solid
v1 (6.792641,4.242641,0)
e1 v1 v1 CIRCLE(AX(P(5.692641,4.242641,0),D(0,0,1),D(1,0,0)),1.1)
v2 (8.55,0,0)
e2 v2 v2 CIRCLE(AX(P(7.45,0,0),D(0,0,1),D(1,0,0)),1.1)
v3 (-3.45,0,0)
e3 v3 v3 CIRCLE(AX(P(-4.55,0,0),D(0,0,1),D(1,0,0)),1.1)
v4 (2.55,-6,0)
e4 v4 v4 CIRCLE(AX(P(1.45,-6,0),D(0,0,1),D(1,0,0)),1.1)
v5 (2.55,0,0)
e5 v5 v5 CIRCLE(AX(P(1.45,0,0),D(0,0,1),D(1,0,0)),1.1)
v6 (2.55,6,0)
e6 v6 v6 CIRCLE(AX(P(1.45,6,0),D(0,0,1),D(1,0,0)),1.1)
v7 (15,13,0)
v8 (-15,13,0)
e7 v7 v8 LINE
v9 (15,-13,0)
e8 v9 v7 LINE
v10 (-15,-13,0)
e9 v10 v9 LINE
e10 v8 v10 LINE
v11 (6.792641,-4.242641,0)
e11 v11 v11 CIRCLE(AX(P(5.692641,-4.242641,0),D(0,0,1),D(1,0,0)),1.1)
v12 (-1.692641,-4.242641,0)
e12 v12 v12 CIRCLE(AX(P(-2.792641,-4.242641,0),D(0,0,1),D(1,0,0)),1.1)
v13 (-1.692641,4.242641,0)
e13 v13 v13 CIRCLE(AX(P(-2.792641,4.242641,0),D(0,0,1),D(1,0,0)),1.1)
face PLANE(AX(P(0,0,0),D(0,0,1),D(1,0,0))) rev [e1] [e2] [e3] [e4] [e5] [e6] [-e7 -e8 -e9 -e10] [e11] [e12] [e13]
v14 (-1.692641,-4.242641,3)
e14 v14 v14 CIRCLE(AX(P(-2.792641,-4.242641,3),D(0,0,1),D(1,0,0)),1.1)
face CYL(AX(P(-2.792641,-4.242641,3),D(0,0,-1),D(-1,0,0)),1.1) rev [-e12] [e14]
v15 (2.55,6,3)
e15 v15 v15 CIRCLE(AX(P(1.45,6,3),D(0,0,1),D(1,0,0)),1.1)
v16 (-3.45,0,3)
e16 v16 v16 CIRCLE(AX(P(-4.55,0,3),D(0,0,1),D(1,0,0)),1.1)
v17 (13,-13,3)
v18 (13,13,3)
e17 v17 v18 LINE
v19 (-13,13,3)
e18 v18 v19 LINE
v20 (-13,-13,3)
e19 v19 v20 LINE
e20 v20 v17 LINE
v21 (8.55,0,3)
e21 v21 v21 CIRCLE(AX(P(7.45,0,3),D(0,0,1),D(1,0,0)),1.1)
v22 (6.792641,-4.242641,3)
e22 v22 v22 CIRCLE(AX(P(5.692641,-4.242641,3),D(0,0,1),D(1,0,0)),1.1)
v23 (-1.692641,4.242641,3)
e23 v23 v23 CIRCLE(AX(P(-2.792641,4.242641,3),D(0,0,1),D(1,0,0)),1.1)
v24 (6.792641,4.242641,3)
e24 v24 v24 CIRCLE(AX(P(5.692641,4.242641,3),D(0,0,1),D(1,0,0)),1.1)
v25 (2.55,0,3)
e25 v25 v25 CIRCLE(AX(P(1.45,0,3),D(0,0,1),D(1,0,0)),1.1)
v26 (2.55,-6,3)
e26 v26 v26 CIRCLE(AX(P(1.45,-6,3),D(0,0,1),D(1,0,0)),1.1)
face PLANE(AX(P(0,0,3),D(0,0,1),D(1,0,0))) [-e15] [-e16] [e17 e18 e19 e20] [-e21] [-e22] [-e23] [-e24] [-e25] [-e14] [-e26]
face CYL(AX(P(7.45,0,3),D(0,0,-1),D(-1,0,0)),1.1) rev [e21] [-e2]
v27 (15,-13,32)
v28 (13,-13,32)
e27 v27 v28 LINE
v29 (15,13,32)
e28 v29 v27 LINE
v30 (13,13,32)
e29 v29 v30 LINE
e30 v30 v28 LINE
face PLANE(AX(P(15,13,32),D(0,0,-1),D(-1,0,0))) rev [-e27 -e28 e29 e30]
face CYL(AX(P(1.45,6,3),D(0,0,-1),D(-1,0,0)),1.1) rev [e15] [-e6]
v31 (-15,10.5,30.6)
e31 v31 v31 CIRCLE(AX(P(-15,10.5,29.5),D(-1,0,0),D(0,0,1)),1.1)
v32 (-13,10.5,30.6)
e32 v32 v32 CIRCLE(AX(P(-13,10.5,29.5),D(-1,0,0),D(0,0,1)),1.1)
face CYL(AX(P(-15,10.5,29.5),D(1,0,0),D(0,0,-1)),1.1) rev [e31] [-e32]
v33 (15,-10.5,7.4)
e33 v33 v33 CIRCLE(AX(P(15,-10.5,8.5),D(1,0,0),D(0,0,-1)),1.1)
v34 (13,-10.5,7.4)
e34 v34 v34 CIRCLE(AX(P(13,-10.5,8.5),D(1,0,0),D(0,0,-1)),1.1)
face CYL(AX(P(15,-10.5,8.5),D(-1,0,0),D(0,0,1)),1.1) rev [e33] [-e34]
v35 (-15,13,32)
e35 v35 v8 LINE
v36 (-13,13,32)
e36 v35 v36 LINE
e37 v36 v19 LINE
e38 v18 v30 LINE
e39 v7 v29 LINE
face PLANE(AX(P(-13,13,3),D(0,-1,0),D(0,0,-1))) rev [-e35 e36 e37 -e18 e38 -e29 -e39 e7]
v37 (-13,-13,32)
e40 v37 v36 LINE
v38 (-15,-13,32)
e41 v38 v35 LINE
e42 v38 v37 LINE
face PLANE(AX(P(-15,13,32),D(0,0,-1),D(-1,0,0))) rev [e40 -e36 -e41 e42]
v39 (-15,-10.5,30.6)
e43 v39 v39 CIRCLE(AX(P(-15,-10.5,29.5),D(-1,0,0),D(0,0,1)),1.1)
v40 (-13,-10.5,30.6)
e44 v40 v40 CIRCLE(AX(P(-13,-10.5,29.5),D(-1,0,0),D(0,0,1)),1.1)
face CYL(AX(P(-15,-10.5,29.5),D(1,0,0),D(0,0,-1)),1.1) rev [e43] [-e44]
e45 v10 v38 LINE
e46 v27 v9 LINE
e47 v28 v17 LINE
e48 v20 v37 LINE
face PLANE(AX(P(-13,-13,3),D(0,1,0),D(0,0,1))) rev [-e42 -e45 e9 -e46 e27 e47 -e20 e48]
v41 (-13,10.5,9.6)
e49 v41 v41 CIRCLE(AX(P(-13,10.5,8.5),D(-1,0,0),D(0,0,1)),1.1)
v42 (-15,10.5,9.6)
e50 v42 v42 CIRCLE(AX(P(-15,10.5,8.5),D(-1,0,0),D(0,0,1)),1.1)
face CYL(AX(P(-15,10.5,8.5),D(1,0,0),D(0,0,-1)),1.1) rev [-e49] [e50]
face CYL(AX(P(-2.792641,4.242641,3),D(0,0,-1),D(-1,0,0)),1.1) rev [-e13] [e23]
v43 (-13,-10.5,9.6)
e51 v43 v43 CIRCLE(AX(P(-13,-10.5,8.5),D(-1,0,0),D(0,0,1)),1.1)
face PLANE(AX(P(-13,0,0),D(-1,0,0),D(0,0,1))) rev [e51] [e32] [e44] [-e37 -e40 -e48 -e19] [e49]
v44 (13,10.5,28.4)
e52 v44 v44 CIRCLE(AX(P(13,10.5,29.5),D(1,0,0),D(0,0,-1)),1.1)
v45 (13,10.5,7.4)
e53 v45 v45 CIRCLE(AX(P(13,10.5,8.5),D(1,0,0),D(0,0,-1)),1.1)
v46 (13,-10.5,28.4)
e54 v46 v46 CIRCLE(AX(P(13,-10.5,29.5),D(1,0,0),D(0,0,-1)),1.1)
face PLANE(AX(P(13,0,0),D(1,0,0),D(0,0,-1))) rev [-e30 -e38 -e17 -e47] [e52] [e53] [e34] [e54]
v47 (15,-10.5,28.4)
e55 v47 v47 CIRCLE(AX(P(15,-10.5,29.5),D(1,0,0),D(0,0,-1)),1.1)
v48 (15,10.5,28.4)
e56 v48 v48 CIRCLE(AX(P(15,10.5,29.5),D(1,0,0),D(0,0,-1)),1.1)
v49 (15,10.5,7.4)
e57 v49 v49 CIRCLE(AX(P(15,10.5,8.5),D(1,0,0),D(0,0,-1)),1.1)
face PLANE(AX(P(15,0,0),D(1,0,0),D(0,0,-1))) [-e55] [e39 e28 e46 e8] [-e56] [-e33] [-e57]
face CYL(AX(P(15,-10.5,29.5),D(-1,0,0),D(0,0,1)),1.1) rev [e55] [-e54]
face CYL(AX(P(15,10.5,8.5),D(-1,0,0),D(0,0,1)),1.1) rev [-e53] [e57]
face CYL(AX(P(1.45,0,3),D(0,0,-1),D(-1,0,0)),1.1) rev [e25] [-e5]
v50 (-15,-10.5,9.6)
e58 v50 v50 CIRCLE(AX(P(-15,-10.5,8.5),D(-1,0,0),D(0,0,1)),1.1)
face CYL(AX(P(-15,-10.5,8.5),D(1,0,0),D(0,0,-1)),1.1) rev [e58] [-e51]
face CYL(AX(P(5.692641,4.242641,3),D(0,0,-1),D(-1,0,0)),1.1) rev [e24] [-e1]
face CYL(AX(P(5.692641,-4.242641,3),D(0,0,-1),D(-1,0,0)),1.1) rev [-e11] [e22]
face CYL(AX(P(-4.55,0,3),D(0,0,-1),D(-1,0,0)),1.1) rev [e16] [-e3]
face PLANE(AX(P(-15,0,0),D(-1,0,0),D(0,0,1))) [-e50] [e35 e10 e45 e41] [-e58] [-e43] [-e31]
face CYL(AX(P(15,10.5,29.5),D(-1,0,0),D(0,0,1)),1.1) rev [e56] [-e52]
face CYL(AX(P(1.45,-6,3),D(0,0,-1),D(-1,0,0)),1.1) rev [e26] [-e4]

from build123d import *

# Parameters (mm, degrees)
SKETCH_1_W      = 26
SKETCH_1_H      = 26
SKETCH_1_R      = 1.1
EXTRUDE_1_DEPTH = 3
SKETCH_2_W      = 32
SKETCH_2_H      = 26
SKETCH_2_R      = 1.1
EXTRUDE_2_DEPTH = 2
EXTRUDE_START   = 2
SKETCH_3_W      = 32
SKETCH_3_H      = 26
SKETCH_3_R      = 1.1
EXTRUDE_3_DEPTH = 2


with BuildPart() as part:
    # ｽｹｯﾁ1 → ﾎﾞｽ - 押し出し1 (new body)
    with BuildSketch(Plane.XY):
        Rectangle(SKETCH_1_W, SKETCH_1_H)
        with Locations((1.45, 0)):
            Circle(SKETCH_1_R, mode=Mode.SUBTRACT)
        with Locations((1.45, 6)):
            Circle(SKETCH_1_R, mode=Mode.SUBTRACT)
        with Locations((5.692640687, 4.242640687)):
            Circle(SKETCH_1_R, mode=Mode.SUBTRACT)
        with Locations((7.45, 0)):
            Circle(SKETCH_1_R, mode=Mode.SUBTRACT)
        with Locations((5.692640687, -4.242640687)):
            Circle(SKETCH_1_R, mode=Mode.SUBTRACT)
        with Locations((1.45, -6)):
            Circle(SKETCH_1_R, mode=Mode.SUBTRACT)
        with Locations((-2.792640687, -4.242640687)):
            Circle(SKETCH_1_R, mode=Mode.SUBTRACT)
        with Locations((-4.55, 0)):
            Circle(SKETCH_1_R, mode=Mode.SUBTRACT)
        with Locations((-2.792640687, 4.242640687)):
            Circle(SKETCH_1_R, mode=Mode.SUBTRACT)
    extrude(amount=EXTRUDE_1_DEPTH)

    # ｽｹｯﾁ2 → ﾎﾞｽ - 押し出し2 (add)
    with BuildSketch(Plane.ZY.offset(13)):
        with Locations((16, 0)):
            Rectangle(SKETCH_2_W, SKETCH_2_H)
        with Locations((29.5, 10.5)):
            Circle(SKETCH_2_R, mode=Mode.SUBTRACT)
        with Locations((8.5, 10.5)):
            Circle(SKETCH_2_R, mode=Mode.SUBTRACT)
        with Locations((8.5, -10.5)):
            Circle(SKETCH_2_R, mode=Mode.SUBTRACT)
        with Locations((29.5, -10.5)):
            Circle(SKETCH_2_R, mode=Mode.SUBTRACT)
    extrude(amount=EXTRUDE_2_DEPTH)

    # ｽｹｯﾁ3 → ﾎﾞｽ - 押し出し3 (add)
    with BuildSketch(Plane(origin=(13, 0, 0), x_dir=(0, 0, -1), z_dir=(1, 0, 0)).offset(EXTRUDE_START)):
        with Locations((-16, 0)):
            Rectangle(SKETCH_3_W, SKETCH_3_H)
        with Locations(Location((-8.5, -10.5, 0), (0, 0, 180))):
            Circle(SKETCH_3_R, mode=Mode.SUBTRACT)
        with Locations(Location((-8.5, 10.5, 0), (0, 0, 180))):
            Circle(SKETCH_3_R, mode=Mode.SUBTRACT)
        with Locations(Location((-29.5, 10.5, 0), (0, 0, 180))):
            Circle(SKETCH_3_R, mode=Mode.SUBTRACT)
        with Locations(Location((-29.5, -10.5, 0), (0, 0, 180))):
            Circle(SKETCH_3_R, mode=Mode.SUBTRACT)
    extrude(amount=-EXTRUDE_3_DEPTH)


solid = part.part
